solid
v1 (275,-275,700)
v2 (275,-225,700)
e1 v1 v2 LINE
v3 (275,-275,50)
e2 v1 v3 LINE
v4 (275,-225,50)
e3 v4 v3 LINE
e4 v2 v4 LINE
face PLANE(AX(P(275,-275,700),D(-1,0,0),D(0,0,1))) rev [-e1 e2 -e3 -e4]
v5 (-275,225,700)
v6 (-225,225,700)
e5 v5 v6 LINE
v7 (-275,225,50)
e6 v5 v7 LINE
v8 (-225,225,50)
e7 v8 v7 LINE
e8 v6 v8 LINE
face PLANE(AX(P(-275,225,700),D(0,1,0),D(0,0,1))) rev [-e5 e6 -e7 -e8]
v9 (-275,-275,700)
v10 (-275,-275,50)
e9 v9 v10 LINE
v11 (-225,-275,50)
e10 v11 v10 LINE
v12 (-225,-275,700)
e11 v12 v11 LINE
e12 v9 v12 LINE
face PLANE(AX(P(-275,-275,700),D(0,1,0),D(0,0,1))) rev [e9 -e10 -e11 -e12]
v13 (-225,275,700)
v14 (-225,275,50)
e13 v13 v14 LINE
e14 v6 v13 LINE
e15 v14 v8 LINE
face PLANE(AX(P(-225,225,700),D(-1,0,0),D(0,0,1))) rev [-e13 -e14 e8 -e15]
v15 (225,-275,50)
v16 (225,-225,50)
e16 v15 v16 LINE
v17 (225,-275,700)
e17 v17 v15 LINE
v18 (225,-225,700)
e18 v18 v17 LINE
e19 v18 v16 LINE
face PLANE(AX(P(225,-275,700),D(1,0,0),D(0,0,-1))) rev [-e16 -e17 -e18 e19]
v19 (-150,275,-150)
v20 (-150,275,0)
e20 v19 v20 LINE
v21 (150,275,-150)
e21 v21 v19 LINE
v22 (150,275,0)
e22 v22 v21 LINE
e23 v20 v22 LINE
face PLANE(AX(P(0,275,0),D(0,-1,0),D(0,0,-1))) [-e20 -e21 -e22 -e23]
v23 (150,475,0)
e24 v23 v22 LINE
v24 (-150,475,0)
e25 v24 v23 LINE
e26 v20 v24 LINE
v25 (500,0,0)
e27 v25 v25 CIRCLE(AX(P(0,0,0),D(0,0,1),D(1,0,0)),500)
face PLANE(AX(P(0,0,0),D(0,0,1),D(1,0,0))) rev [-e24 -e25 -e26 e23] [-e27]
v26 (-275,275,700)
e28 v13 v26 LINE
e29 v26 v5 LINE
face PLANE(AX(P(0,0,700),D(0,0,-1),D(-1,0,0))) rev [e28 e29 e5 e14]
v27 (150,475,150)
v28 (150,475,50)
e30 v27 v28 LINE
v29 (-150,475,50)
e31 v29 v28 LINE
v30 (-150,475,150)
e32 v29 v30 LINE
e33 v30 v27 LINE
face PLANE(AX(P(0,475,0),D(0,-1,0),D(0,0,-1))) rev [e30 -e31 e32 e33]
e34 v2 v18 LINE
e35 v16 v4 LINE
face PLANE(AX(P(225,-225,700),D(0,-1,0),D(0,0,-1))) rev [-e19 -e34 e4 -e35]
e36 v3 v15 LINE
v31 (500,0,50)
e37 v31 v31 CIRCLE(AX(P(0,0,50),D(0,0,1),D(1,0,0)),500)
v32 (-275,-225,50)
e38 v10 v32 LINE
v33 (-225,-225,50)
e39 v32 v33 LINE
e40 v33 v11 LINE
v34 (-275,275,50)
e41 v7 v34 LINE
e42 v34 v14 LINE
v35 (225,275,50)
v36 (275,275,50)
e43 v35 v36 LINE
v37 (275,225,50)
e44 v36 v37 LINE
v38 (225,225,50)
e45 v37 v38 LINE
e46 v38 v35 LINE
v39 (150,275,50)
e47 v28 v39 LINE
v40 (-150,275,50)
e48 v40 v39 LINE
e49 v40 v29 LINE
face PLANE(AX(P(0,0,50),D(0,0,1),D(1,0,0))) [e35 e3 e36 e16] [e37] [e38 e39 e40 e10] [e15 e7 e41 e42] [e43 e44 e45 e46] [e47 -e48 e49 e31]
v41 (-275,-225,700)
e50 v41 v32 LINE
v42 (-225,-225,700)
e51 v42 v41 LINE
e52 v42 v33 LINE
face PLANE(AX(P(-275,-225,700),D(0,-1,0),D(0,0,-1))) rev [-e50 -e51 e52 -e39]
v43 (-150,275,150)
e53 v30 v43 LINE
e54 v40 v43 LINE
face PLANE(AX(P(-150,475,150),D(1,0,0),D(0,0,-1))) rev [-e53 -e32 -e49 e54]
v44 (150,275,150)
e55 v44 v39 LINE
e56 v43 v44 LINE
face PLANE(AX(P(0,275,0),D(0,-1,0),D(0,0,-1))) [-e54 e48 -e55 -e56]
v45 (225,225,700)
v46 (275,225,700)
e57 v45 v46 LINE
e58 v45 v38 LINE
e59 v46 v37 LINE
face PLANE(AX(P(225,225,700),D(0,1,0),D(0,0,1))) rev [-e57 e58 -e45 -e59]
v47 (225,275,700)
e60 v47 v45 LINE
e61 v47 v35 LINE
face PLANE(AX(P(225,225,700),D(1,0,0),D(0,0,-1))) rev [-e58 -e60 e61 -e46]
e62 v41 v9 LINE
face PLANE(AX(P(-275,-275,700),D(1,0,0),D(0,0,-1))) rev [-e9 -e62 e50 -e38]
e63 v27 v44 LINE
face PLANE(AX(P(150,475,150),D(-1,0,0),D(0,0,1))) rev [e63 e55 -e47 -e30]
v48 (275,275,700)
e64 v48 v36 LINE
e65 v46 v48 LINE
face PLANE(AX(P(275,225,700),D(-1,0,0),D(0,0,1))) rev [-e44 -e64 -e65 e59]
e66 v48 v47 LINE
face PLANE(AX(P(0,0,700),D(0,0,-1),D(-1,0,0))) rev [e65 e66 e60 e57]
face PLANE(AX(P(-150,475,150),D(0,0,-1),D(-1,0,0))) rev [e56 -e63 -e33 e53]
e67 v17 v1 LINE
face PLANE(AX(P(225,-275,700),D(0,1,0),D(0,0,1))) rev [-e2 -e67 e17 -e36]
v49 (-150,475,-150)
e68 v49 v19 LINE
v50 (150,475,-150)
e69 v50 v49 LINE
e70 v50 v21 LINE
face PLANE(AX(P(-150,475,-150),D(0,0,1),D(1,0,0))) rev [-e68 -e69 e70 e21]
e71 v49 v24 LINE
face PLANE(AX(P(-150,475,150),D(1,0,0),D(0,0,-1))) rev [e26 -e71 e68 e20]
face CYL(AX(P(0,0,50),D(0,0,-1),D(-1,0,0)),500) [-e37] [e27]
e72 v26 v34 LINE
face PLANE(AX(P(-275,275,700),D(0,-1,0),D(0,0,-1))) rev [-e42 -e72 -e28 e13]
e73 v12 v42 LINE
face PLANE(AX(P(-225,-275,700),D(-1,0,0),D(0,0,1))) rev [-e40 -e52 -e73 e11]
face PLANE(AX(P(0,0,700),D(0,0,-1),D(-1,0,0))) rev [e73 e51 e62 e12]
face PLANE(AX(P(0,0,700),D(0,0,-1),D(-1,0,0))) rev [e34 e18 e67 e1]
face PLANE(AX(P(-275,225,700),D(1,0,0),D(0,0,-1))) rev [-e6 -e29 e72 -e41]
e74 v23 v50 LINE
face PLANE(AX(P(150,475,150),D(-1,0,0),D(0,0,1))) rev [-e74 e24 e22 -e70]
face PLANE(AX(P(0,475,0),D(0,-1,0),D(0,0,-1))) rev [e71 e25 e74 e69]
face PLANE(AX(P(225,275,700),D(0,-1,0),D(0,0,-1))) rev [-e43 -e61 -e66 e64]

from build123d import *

# Parameters (mm, degrees)
SKETCH_1_R      = 500
EXTRUDE_1_DEPTH = 50
SKETCH_2_W      = 50
SKETCH_2_H      = 50
EXTRUDE_2_DEPTH = 700
SKETCH_3_W      = 50
SKETCH_3_H      = 50
EXTRUDE_3_DEPTH = 700
SKETCH_4_W      = 50
SKETCH_4_H      = 50
EXTRUDE_4_DEPTH = 700
SKETCH_5_W      = 50
SKETCH_5_H      = 50
EXTRUDE_5_DEPTH = 700
SKETCH_6_W      = 300
SKETCH_6_H      = 300
EXTRUDE_6_DEPTH = 200


with BuildPart() as part:
    # 草图1 → 凸台-拉伸1 (new body)
    with BuildSketch(Plane.XY):
        Circle(SKETCH_1_R)
    extrude(amount=EXTRUDE_1_DEPTH)

    # 草图2 → 凸台-拉伸2 (add)
    with BuildSketch(Plane.XY):
        with Locations((250, 250)):
            Rectangle(SKETCH_2_W, SKETCH_2_H)
    extrude(amount=EXTRUDE_2_DEPTH)

    # 草图3 → 凸台-拉伸3 (add)
    with BuildSketch(Plane.XY):
        with Locations((-250, 250)):
            Rectangle(SKETCH_3_W, SKETCH_3_H)
    extrude(amount=EXTRUDE_3_DEPTH)

    # 草图4 → 凸台-拉伸4 (add)
    with BuildSketch(Plane.XY):
        with Locations((250, -250)):
            Rectangle(SKETCH_4_W, SKETCH_4_H)
    extrude(amount=EXTRUDE_4_DEPTH)

    # 草图5 → 凸台-拉伸5 (add)
    with BuildSketch(Plane.XY):
        with Locations((-250, -250)):
            Rectangle(SKETCH_5_W, SKETCH_5_H)
    extrude(amount=EXTRUDE_5_DEPTH)

    # 草图6 → 凸台-拉伸6 (add)
    with BuildSketch(Plane(origin=(0, 275, 0), x_dir=(1, 0, 0), z_dir=(0, 1, 0))):
        Rectangle(SKETCH_6_W, SKETCH_6_H)
    extrude(amount=EXTRUDE_6_DEPTH)


solid = part.part
